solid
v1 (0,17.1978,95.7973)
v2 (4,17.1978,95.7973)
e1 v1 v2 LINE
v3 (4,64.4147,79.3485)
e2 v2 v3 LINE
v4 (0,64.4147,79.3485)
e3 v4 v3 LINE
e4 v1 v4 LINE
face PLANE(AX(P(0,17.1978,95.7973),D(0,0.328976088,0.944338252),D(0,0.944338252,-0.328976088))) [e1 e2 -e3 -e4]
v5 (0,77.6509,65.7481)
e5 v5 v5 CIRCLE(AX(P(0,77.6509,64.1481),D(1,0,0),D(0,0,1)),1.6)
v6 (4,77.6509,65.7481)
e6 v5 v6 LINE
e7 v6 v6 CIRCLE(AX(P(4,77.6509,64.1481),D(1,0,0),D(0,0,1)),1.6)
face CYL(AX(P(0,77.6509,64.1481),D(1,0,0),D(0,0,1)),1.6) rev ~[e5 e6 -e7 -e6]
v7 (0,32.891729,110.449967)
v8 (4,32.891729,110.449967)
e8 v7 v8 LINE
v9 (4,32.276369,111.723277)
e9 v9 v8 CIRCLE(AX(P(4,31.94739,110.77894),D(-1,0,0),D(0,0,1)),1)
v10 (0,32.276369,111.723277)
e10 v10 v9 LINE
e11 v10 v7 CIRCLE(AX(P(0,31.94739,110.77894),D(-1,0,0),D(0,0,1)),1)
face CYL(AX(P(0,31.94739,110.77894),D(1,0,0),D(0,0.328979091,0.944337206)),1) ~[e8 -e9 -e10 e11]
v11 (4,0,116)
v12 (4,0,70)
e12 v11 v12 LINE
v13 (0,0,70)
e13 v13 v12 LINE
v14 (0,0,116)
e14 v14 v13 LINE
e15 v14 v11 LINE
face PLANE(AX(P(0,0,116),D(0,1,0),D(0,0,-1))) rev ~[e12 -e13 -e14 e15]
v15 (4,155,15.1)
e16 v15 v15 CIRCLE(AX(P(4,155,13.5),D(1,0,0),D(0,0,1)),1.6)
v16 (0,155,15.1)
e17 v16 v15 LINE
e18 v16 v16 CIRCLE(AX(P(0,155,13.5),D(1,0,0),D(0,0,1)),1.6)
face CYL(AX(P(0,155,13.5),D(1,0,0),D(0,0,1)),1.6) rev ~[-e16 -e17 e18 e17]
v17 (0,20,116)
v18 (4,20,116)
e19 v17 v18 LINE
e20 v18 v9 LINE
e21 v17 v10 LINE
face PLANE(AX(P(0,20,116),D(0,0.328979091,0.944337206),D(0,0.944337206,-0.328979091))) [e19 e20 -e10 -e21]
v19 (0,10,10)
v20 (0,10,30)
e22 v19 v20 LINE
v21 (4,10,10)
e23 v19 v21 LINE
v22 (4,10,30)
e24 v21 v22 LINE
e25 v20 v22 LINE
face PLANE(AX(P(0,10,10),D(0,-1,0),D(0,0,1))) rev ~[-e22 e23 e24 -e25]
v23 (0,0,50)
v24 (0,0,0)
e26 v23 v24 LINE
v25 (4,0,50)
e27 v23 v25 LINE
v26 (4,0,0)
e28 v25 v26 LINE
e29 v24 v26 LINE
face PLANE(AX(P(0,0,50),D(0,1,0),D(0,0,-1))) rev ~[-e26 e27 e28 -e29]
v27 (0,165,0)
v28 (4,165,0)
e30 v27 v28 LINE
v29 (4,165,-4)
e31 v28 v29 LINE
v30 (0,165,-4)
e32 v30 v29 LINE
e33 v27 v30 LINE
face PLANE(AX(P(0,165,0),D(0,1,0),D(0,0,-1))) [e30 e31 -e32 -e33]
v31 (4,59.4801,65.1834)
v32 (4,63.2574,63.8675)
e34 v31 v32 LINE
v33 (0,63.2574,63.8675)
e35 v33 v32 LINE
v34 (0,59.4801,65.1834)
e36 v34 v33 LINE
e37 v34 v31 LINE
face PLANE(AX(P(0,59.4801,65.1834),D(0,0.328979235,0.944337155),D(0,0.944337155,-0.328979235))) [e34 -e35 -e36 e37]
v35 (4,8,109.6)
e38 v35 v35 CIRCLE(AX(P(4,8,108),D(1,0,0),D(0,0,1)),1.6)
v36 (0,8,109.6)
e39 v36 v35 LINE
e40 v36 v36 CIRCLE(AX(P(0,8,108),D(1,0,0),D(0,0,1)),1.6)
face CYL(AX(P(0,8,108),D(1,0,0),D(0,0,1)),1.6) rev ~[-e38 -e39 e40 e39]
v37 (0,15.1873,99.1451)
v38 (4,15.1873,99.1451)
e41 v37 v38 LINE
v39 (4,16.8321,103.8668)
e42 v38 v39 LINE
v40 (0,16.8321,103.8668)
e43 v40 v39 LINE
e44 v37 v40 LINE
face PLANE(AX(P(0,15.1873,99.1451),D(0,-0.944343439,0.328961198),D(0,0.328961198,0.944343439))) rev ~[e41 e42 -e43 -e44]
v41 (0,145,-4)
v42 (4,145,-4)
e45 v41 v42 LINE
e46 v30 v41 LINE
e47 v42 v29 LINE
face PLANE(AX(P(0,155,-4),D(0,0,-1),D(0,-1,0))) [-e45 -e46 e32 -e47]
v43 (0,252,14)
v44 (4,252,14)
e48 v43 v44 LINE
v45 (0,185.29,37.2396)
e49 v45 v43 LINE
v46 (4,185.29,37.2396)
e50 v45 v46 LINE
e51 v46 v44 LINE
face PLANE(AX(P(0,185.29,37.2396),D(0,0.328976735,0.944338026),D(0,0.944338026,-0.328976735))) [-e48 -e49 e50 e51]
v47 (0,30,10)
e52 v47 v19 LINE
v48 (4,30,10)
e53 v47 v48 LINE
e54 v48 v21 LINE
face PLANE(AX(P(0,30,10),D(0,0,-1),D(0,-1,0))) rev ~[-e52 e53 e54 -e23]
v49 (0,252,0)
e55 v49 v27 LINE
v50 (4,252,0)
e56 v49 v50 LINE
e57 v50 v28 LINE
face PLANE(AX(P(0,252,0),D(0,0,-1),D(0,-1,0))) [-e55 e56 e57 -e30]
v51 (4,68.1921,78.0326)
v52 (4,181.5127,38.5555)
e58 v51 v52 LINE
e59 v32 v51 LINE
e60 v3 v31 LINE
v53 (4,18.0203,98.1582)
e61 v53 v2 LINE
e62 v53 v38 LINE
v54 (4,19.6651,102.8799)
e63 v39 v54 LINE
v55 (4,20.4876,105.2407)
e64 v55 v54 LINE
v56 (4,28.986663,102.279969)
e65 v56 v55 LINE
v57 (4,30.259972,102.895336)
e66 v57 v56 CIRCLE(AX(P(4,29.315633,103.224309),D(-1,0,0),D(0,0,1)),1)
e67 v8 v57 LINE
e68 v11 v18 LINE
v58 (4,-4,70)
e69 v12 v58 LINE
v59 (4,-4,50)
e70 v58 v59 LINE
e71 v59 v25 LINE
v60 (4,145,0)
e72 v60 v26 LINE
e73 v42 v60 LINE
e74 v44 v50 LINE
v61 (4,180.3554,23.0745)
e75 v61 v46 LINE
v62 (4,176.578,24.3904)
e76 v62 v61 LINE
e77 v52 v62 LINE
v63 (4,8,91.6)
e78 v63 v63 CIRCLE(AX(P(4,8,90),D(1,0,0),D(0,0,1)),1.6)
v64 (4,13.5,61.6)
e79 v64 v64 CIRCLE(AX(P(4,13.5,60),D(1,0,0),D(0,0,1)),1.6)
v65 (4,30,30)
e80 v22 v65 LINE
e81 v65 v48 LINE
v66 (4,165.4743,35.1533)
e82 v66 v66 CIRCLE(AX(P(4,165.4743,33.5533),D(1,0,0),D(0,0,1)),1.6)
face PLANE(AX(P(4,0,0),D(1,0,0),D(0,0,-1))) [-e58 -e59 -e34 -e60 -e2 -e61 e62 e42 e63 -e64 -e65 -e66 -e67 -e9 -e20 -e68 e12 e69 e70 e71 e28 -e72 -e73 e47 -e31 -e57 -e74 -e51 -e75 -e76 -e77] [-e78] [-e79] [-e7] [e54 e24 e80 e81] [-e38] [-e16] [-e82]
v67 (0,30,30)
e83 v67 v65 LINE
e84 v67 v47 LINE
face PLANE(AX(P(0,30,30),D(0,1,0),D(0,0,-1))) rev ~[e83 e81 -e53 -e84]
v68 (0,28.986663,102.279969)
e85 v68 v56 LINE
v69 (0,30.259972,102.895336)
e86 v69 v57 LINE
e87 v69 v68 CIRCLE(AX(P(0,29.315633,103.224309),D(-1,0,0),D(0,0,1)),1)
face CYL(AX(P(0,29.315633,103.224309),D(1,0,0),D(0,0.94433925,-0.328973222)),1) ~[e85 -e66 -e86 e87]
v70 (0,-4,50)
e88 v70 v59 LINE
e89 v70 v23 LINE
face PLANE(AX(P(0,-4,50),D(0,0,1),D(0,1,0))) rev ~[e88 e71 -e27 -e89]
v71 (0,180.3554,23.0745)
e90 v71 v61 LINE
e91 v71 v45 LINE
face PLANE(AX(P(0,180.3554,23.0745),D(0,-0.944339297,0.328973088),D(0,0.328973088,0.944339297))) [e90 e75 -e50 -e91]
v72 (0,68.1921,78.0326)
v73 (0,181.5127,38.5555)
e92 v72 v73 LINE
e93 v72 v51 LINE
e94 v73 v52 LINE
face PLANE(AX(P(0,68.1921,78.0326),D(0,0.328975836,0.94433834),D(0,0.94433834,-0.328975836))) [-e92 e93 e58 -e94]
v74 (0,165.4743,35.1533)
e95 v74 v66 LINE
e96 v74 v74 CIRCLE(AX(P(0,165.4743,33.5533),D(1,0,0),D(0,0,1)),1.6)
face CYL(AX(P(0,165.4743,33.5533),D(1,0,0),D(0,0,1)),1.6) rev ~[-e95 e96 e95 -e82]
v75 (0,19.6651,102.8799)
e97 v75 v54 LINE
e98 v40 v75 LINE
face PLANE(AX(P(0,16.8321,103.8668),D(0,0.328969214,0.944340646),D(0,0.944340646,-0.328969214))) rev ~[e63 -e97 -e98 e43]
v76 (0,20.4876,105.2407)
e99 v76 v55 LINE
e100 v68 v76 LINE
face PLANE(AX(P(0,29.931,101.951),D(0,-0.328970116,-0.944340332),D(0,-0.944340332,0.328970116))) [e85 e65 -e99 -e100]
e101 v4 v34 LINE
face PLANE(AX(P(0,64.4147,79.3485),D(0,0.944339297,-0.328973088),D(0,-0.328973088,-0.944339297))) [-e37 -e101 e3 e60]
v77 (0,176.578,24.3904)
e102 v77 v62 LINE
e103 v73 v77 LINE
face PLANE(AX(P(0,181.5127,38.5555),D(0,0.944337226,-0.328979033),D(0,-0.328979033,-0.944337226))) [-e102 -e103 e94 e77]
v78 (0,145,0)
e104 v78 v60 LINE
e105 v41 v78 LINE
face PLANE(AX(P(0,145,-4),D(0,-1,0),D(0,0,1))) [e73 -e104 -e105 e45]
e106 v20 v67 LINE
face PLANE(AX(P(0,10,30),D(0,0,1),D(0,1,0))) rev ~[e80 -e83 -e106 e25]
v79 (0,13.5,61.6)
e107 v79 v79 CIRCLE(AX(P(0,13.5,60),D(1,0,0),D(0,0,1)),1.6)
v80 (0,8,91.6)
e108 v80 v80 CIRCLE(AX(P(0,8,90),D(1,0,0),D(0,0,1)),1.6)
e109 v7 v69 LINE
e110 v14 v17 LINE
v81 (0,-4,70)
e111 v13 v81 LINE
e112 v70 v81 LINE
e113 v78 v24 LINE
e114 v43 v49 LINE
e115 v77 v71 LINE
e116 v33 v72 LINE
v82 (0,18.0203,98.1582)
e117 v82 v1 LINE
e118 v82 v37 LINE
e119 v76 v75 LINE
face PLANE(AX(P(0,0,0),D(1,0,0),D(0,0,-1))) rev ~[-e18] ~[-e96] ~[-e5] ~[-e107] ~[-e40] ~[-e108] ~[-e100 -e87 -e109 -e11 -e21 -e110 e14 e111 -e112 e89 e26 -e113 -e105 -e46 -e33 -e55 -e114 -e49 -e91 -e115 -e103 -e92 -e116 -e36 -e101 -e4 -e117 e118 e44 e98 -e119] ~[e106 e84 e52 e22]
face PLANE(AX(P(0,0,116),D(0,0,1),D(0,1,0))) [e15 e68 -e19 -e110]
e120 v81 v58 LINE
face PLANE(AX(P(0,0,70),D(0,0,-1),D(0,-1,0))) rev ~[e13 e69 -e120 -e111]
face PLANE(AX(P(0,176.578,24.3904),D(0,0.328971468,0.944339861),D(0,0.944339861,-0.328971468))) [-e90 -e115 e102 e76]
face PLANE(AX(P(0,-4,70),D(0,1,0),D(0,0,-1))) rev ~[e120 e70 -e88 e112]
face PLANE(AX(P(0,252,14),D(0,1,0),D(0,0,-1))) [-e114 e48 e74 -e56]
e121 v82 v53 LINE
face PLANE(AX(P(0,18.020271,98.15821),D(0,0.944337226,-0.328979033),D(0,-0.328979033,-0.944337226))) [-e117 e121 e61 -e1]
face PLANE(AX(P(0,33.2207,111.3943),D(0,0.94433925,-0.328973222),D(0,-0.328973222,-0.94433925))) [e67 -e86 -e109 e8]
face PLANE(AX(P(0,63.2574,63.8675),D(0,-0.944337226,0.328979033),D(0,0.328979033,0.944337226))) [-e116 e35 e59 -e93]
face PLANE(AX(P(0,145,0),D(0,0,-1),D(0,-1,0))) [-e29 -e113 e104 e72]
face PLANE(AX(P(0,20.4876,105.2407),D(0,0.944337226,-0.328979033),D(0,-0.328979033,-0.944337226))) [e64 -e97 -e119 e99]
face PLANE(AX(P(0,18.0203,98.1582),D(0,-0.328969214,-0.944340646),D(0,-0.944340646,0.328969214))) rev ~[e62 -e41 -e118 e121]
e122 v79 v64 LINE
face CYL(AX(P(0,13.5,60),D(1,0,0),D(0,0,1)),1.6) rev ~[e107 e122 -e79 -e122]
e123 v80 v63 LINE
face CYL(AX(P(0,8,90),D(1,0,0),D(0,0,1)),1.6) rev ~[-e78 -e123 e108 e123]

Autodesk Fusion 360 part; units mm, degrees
sketch "スケッチ1" plane through (0, 0, 0) normal (1, 0, 0) x (0, 0, -1)
  line L0 (-116, 0) -> (-116, 20)
  line L1 (-116, 20) -> (-111.3943, 33.2207)
  line L2 (-111.3943, 33.2207) -> (-101.951, 29.931)
  line L3 (-101.951, 29.931) -> (-105.2407, 20.4876)
  line L4 (-105.2407, 20.4876) -> (-95.7973, 17.1978)
  line L5 (-14, 252) -> (0, 252)
  line L6 (-95.7973, 17.1978) -> (-79.3485, 64.4147)
  line L7 (-79.3485, 64.4147) -> (-65.1834, 59.4801)
  line L8 (-65.1834, 59.4801) -> (-63.8675, 63.2574)
  line L9 (-63.8675, 63.2574) -> (-78.0326, 68.1921)
  line L10 (-78.0326, 68.1921) -> (-38.5555, 181.5127)
  line L11 (-38.5555, 181.5127) -> (-24.3904, 176.578)
  line L12 (-24.3904, 176.578) -> (-23.0745, 180.3554)
  line L13 (-23.0745, 180.3554) -> (-37.2396, 185.29)
  line L14 (-37.2396, 185.29) -> (-14, 252)
  line L15 (-116, 0) -> (-70, 0)
  line L16 (-70, 0) -> (-70, -4)
  line L17 (-70, -4) -> (-50, -4)
  line L18 (-50, -4) -> (-50, 0)
  line L19 (-50, 0) -> (0, 0)
  line L20 (0, 252) -> (0, 165)
  line L21 (0, 165) -> (4, 165)
  line L22 (4, 165) -> (4, 145)
  line L23 (4, 145) -> (0, 145)
  line L24 (0, 145) -> (0, 0)
  line L25 (4, 155) -> (-13.5, 155)
  line L26 (-60, -4) -> (-60, 13.5)
  line L27 (-64.1481, 77.6509) -> (-33.5533, 165.4743)
  line L28 (-10, 10) -> (-30, 10)
  line L29 (-30, 10) -> (-30, 30)
  line L30 (-30, 30) -> (-10, 30)
  line L31 (-10, 30) -> (-10, 10)
  line L32 (-108, 8) -> (-90, 8)
  line L33 (-102.8799, 19.6651) -> (-98.1582, 18.0203)
  line L34 (-98.1582, 18.0203) -> (-99.1451, 15.1873)
  line L35 (-99.1451, 15.1873) -> (-103.8668, 16.8321)
  line L36 (-103.8668, 16.8321) -> (-102.8799, 19.6651)
  dimension "d1" = 116
  dimension "d2" = 20
  dimension "d3" = 14
  dimension "d4" = 10
  dimension "d5" = 10
  dimension "d6" = 10
  dimension "d9" = 14
  dimension "d11" = 252
  dimension "d12" = 248.642
  dimension "d13" = 4
  dimension "d14" = 4
  dimension "d15" = 120
  dimension "d16" = 50
  dimension "d17" = 15
  dimension "d18" = 20
  dimension "d19" = 4
  dimension "d20" = 50
  dimension "d21" = 4
  dimension "d22" = 20
  dimension "d23" = 145
  dimension "d24" = 17.5
  dimension "d25" = 17.5
  dimension "d31" = 10
  dimension "d32" = 13.5
  dimension "d33" = 13.5
  dimension "d36" = 10
  dimension "d37" = 20
  dimension "d38" = 20
  dimension "d39" = 10
  dimension "d40" = 8
  dimension "d41" = 8
  dimension "d42" = 18
  dimension "d43" = 5
  dimension "d44" = 3
extrude "押し出し1" add sketch "スケッチ1" along normal blind 4 contours L0 L1 L2 L3 L4 L5 L6 L7 L8 L9 L10 L11 L12 L13 L14 L15 L16 L17 L18 L19 L20 L21 L22 L23 L24 L34 L35 L36
hole "穴1" at (0, 155, 13.5) at (0, 13.5, 60) at (0, 77.6509, 64.1481) at (0, 165.4743, 33.5533) at (0, 8, 108) at (0, 8, 90) direction (1, 0, 0) diameter 3.2 end through all
fillet "フィレット1" radius 1 2 edges at (2, 29.931, 101.951) (2, 33.2207, 111.3943)
